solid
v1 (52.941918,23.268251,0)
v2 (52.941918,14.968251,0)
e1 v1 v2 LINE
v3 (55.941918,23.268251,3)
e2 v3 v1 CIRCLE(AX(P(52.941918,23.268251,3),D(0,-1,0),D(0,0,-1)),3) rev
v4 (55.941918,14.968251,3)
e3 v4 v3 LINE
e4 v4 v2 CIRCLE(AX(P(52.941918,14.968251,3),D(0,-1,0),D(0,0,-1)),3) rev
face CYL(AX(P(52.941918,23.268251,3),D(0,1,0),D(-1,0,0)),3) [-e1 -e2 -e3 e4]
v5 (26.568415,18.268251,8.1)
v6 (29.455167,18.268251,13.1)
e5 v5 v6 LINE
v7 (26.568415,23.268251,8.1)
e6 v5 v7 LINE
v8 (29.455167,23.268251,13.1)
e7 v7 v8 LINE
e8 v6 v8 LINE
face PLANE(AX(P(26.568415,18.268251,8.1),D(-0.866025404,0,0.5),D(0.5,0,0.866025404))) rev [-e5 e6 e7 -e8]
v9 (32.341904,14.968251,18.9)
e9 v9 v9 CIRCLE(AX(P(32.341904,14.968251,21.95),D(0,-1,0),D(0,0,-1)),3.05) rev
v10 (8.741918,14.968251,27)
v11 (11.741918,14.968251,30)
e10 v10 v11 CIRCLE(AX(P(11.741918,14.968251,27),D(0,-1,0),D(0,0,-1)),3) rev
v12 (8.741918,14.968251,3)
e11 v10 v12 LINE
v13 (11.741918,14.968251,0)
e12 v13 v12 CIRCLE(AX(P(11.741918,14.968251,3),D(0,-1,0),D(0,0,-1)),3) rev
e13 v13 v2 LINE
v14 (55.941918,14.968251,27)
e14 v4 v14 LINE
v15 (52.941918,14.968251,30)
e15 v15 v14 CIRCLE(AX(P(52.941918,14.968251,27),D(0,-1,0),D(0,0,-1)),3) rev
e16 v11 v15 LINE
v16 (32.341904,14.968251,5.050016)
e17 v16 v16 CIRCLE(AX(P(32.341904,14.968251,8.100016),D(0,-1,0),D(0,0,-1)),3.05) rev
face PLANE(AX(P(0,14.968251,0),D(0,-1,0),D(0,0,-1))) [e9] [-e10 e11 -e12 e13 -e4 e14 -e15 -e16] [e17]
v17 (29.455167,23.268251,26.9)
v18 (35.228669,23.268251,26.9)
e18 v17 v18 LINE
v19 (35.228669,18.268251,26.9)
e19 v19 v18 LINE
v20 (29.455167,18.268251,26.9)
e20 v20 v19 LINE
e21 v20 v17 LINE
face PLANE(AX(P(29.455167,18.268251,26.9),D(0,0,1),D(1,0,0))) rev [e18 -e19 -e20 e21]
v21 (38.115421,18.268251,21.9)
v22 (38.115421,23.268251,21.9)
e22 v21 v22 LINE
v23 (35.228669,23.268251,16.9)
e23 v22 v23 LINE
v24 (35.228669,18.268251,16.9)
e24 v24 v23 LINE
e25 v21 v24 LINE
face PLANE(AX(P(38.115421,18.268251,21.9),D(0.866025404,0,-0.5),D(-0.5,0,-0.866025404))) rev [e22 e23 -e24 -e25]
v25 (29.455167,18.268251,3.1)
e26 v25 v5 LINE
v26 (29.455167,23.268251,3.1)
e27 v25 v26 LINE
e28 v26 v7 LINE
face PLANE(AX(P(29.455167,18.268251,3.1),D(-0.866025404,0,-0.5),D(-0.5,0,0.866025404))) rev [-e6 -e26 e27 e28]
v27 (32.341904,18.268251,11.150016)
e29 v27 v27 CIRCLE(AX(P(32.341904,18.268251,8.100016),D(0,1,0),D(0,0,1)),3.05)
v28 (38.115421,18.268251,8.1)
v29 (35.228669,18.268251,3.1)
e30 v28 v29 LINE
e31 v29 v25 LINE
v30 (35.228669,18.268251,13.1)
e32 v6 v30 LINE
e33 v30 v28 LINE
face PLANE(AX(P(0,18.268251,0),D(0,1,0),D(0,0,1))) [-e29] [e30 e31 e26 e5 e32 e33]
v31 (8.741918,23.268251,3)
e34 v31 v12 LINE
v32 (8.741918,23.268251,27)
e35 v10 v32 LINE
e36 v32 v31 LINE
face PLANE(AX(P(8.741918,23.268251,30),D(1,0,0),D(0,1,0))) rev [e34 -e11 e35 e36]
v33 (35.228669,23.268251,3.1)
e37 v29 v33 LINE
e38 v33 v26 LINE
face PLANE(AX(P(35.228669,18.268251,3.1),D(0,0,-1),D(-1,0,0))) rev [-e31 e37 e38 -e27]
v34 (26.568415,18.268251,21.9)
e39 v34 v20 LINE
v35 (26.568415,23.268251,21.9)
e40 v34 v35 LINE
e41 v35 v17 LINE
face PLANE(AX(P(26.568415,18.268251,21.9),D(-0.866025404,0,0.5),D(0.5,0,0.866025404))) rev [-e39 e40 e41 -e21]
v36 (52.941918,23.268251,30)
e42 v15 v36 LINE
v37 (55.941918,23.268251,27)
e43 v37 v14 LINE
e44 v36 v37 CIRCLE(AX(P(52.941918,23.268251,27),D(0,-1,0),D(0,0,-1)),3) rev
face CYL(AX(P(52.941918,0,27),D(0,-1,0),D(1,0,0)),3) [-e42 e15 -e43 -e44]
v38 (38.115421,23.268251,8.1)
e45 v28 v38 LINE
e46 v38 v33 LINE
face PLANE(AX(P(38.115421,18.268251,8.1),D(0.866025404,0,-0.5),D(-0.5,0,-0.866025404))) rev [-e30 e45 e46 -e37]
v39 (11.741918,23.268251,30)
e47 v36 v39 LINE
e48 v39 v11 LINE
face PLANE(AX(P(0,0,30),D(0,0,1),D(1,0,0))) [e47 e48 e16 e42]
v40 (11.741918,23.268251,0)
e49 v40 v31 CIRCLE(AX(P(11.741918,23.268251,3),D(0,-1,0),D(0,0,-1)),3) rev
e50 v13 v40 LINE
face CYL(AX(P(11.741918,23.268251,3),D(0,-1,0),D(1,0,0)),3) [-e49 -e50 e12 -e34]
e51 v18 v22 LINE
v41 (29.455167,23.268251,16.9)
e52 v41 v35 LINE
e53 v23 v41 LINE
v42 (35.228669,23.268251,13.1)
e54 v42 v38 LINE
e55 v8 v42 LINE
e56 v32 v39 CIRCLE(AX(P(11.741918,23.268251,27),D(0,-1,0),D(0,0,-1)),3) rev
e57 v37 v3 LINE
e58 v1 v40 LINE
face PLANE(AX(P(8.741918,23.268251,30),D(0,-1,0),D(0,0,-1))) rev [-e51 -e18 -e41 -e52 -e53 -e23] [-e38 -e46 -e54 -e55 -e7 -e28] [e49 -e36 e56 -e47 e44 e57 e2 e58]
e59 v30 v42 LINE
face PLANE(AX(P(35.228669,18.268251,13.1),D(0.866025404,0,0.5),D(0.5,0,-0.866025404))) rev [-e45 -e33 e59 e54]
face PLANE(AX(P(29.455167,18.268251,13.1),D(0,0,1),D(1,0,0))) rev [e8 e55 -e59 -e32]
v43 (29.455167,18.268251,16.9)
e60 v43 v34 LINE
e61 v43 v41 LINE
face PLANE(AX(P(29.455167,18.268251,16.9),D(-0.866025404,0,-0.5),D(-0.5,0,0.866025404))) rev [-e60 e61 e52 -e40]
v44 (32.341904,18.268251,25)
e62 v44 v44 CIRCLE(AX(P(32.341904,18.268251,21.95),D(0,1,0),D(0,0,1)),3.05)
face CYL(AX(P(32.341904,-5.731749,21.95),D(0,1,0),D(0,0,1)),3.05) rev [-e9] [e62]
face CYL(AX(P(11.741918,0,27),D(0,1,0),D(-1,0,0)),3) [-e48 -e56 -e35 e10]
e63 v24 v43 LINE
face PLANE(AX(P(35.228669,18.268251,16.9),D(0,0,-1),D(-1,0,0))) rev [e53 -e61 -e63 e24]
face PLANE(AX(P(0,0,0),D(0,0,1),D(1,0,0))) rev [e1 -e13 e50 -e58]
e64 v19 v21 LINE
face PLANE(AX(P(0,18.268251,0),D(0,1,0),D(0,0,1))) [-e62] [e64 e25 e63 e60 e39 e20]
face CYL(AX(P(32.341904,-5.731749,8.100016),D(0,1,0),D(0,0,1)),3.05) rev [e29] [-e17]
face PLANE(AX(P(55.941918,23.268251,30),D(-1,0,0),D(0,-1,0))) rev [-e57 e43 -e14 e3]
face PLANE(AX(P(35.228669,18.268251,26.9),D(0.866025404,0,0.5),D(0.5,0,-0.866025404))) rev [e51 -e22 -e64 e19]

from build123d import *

# Parameters (mm, degrees)
ESQUISSE2_W             = 47.2
ESQUISSE2_H             = 18.3
BOSS_EXTRU_3_DEPTH      = 30
ENL_V_MAT_EXTRU_1_DEPTH = 5
ESQUISSE6_R             = 3.05
ENL_V_MAT_EXTRU_2_DEPTH = 29
CONG_1_R                = 3
ESQUISSE7_W             = 56.209091813
ESQUISSE7_H             = 35.087501562
ENL_V_MAT_EXTRU_3_DEPTH = 10


with BuildPart() as part:
    # Esquisse2 → Boss.-Extru.3 (new body)
    with BuildSketch(Plane.XY):
        with Locations((32.341918096, 14.118251)):
            Rectangle(ESQUISSE2_W, ESQUISSE2_H)
    extrude(amount=BOSS_EXTRU_3_DEPTH)

    # Esquisse3 → Enlèv. mat.-Extru.1 (cut)
    with BuildSketch(Plane(origin=(0, 23.268251, 0), x_dir=(1, 0, 0), z_dir=(0, 1, 0))):
        Polygon((38.115420787, -8.1), (35.228669442, -3.1), (29.45516675, -3.1), (26.568415404, -8.1), (29.45516675, -13.1), (35.228669442, -13.1), align=None)
        Polygon((38.115420787, -21.9), (35.228669442, -16.9), (29.45516675, -16.9), (26.568415404, -21.9), (29.45516675, -26.9), (35.228669442, -26.9), align=None)
    extrude(amount=-ENL_V_MAT_EXTRU_1_DEPTH, mode=Mode.SUBTRACT)

    # Esquisse6 → Enlèv. mat.-Extru.2 (cut)
    with BuildSketch(Plane(origin=(0, 23.268251, 0), x_dir=(1, 0, 0), z_dir=(0, 1, 0))):
        with Locations(Location((32.341903964, -8.100016153, 0), (0, 0, 270))):
            Circle(ESQUISSE6_R)
        with Locations(Location((32.341903964, -21.95, 0), (0, 0, 270))):
            Circle(ESQUISSE6_R)
    extrude(amount=-ENL_V_MAT_EXTRU_2_DEPTH, mode=Mode.SUBTRACT)

    # Congé1
    cong_1_edges = [part.edges().sort_by_distance(p)[0] for p in [
        (55.941918096, 14.118251, 30),
        (8.741918096, 14.118251, 30),
        (55.941918096, 14.118251, 0),
        (8.741918096, 14.118251, 0),
    ]]
    fillet(cong_1_edges, radius=CONG_1_R)

    # Esquisse7 → Enlèv. mat.-Extru.3 (cut)
    with BuildSketch(Plane.XZ.offset(-4.968251)):
        with Locations((35.574310997, 14.252533976)):
            Rectangle(ESQUISSE7_W, ESQUISSE7_H)
    extrude(amount=-ENL_V_MAT_EXTRU_3_DEPTH, mode=Mode.SUBTRACT)


solid = part.part
